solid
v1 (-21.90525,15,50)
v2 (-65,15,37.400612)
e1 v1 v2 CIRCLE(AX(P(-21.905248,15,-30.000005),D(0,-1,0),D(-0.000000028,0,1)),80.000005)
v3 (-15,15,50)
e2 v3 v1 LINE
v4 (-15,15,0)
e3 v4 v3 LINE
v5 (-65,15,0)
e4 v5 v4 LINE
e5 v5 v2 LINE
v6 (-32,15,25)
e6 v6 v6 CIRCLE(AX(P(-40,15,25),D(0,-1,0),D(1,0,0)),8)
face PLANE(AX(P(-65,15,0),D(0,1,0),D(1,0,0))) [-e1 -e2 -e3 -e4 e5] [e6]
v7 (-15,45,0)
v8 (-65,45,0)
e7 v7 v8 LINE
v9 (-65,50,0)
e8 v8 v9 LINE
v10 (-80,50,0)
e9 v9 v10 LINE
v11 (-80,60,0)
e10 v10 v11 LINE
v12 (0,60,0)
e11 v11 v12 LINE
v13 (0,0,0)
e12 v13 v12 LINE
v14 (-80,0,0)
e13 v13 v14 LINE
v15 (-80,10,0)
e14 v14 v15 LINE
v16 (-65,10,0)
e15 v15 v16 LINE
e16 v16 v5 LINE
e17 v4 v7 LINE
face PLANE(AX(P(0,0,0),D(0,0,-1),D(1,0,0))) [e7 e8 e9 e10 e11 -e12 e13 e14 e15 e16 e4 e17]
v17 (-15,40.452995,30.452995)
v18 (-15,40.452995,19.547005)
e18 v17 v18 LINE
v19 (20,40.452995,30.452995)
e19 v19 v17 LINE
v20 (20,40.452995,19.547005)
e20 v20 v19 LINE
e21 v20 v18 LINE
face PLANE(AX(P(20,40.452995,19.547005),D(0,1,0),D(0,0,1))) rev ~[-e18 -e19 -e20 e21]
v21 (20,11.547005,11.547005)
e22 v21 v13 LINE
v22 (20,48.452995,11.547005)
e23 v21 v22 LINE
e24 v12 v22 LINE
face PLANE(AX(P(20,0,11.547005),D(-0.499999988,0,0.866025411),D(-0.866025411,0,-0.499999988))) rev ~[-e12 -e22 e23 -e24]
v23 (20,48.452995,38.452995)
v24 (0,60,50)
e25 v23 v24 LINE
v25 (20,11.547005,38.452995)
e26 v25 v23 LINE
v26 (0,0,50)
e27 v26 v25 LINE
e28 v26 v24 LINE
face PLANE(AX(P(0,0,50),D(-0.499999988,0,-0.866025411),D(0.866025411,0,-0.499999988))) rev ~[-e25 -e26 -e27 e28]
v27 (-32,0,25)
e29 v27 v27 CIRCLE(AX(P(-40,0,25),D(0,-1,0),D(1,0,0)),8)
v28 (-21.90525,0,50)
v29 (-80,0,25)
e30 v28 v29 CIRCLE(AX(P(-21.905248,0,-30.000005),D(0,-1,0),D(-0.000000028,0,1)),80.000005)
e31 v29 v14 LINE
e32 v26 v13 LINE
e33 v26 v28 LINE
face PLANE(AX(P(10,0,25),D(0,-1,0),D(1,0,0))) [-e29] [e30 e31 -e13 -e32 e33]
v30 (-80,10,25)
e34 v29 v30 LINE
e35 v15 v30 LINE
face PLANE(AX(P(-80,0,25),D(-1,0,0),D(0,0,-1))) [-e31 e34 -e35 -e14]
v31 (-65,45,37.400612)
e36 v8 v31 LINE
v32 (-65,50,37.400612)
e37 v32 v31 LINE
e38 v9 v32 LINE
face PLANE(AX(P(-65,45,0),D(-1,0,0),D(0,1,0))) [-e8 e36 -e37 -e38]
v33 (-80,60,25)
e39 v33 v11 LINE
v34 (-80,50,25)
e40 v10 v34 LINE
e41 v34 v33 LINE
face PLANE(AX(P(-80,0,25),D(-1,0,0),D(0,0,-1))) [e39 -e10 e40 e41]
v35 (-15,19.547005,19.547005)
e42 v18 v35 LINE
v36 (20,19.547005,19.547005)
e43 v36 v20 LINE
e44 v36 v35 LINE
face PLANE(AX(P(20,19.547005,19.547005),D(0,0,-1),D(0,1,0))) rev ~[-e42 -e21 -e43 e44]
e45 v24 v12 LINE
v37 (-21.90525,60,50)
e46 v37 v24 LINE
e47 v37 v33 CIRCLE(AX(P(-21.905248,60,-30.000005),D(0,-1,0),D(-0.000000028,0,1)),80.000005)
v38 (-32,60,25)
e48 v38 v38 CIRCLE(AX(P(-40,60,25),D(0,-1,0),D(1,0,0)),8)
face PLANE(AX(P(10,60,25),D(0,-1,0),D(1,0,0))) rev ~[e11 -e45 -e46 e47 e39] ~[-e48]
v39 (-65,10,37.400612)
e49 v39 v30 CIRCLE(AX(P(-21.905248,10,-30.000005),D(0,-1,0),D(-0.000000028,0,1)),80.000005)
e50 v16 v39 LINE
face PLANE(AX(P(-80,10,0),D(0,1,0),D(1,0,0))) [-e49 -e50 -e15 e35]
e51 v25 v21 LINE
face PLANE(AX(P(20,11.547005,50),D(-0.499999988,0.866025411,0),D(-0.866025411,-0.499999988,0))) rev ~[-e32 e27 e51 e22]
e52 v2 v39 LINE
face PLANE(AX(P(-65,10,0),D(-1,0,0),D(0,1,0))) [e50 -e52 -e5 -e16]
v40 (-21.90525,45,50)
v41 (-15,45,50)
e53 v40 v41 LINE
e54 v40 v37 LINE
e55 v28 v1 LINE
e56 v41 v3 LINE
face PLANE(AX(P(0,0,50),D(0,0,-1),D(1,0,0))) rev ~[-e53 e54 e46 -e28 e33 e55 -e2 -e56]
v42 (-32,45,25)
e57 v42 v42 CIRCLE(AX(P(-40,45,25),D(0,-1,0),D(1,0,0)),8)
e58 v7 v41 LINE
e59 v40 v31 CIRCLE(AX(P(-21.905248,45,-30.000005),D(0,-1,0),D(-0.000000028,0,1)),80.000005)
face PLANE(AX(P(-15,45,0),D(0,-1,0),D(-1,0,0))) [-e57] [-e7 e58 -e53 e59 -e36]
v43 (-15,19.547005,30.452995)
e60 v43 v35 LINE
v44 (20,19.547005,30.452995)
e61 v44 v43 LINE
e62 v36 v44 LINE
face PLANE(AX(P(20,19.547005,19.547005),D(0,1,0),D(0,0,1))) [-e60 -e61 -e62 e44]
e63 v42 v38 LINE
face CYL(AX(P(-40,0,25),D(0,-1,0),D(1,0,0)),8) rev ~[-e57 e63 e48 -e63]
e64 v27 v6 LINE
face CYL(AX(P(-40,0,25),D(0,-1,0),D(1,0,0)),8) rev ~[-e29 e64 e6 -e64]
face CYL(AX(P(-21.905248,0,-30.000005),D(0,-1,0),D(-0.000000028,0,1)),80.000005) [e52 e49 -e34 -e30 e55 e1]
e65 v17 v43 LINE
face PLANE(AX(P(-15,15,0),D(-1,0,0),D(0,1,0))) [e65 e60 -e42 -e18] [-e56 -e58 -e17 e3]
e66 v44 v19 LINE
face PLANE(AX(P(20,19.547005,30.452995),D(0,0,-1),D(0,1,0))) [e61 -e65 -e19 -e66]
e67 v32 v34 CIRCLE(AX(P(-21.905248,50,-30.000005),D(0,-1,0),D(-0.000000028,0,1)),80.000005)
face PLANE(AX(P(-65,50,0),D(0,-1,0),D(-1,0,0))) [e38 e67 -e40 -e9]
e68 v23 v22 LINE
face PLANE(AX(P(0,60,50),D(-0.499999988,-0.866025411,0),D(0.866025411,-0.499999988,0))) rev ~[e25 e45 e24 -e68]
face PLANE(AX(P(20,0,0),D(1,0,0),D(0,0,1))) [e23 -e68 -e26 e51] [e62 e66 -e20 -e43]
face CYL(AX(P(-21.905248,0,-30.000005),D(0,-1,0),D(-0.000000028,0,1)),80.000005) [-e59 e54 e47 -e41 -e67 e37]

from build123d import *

# Parameters (mm, degrees)
F0_R      = 8
F1_DEPTH  = 60
F3_DEPTH  = 50.001
F4_W      = 20
F4_H      = 50
F5_DEPTH  = 60
F7_DEPTH  = 60.001
F9_DEPTH  = 50.001
F13_DEPTH = 50.001
F11_W     = 20.90599
F11_H     = 10.90599
F12_DEPTH = 100.001


with BuildPart() as f1:
    # F0 (on Front) → F1 (new body)
    with BuildSketch(Plane.XZ):
        with BuildLine():
            Line((-80, 0), (0, 0))
            Line((0, 0), (0, 50))
            Line((0, 50), (-21.90525, 50))
            ThreePointArc((-21.90525, 50), (-53.528026, 43.484692), (-80, 25))
            Line((-80, 25), (-80, 0))
        make_face()
        with Locations((-40, 25)):
            Circle(F0_R, mode=Mode.SUBTRACT)
    extrude(amount=-F1_DEPTH)

    # F2 (on Top) → F3 (cut, through all)
    with BuildSketch(Plane.XY):
        Polygon((-15, 30), (-80, 30), (-80, 10), (-65, 10), (-65, 15), (-15, 15), align=None)
        Polygon((-80, 50), (-80, 30), (-15, 30), (-15, 45), (-65, 45), (-65, 50), align=None)
    extrude(amount=F3_DEPTH, mode=Mode.SUBTRACT)

    # F4 (on Front) → F5 (join)
    with BuildSketch(Plane.XZ):
        with Locations((10, 25)):
            Rectangle(F4_W, F4_H)
    extrude(amount=-F5_DEPTH)

    # F6 (on Front) → F7 (cut, through all)
    with BuildSketch(Plane.XZ):
        Polygon((20, 50), (0, 50), (20, 38.452995), align=None)
        Polygon((20, 11.547005), (0, 0), (20, 0), align=None)
    extrude(amount=-F7_DEPTH, mode=Mode.SUBTRACT)

    # F8 (on face) → F9 (cut, through all)
    with BuildSketch(Plane.XY.offset(50)):
        Polygon((20, 11.547005), (0, 0), (20, 0), align=None)
        Polygon((20, 60), (0, 60), (20, 48.452995), align=None)
    extrude(amount=-F9_DEPTH, mode=Mode.SUBTRACT)

    # F10 (on Top) → F13 (cut, through all)
    with BuildSketch(Plane.XY):
        Polygon((20, 11.547005), (0, 0), (20, 0), align=None)
        Polygon((20, 60), (0, 60), (20, 48.452995), align=None)
    extrude(amount=F13_DEPTH, mode=Mode.SUBTRACT)

    # F11 (on face) → F12 (cut, through all)
    with BuildSketch(Plane.YZ.offset(20)):
        with Locations((30, 25)):
            Rectangle(F11_W, F11_H)
    extrude(amount=-F12_DEPTH, mode=Mode.SUBTRACT)


solid = f1.part
